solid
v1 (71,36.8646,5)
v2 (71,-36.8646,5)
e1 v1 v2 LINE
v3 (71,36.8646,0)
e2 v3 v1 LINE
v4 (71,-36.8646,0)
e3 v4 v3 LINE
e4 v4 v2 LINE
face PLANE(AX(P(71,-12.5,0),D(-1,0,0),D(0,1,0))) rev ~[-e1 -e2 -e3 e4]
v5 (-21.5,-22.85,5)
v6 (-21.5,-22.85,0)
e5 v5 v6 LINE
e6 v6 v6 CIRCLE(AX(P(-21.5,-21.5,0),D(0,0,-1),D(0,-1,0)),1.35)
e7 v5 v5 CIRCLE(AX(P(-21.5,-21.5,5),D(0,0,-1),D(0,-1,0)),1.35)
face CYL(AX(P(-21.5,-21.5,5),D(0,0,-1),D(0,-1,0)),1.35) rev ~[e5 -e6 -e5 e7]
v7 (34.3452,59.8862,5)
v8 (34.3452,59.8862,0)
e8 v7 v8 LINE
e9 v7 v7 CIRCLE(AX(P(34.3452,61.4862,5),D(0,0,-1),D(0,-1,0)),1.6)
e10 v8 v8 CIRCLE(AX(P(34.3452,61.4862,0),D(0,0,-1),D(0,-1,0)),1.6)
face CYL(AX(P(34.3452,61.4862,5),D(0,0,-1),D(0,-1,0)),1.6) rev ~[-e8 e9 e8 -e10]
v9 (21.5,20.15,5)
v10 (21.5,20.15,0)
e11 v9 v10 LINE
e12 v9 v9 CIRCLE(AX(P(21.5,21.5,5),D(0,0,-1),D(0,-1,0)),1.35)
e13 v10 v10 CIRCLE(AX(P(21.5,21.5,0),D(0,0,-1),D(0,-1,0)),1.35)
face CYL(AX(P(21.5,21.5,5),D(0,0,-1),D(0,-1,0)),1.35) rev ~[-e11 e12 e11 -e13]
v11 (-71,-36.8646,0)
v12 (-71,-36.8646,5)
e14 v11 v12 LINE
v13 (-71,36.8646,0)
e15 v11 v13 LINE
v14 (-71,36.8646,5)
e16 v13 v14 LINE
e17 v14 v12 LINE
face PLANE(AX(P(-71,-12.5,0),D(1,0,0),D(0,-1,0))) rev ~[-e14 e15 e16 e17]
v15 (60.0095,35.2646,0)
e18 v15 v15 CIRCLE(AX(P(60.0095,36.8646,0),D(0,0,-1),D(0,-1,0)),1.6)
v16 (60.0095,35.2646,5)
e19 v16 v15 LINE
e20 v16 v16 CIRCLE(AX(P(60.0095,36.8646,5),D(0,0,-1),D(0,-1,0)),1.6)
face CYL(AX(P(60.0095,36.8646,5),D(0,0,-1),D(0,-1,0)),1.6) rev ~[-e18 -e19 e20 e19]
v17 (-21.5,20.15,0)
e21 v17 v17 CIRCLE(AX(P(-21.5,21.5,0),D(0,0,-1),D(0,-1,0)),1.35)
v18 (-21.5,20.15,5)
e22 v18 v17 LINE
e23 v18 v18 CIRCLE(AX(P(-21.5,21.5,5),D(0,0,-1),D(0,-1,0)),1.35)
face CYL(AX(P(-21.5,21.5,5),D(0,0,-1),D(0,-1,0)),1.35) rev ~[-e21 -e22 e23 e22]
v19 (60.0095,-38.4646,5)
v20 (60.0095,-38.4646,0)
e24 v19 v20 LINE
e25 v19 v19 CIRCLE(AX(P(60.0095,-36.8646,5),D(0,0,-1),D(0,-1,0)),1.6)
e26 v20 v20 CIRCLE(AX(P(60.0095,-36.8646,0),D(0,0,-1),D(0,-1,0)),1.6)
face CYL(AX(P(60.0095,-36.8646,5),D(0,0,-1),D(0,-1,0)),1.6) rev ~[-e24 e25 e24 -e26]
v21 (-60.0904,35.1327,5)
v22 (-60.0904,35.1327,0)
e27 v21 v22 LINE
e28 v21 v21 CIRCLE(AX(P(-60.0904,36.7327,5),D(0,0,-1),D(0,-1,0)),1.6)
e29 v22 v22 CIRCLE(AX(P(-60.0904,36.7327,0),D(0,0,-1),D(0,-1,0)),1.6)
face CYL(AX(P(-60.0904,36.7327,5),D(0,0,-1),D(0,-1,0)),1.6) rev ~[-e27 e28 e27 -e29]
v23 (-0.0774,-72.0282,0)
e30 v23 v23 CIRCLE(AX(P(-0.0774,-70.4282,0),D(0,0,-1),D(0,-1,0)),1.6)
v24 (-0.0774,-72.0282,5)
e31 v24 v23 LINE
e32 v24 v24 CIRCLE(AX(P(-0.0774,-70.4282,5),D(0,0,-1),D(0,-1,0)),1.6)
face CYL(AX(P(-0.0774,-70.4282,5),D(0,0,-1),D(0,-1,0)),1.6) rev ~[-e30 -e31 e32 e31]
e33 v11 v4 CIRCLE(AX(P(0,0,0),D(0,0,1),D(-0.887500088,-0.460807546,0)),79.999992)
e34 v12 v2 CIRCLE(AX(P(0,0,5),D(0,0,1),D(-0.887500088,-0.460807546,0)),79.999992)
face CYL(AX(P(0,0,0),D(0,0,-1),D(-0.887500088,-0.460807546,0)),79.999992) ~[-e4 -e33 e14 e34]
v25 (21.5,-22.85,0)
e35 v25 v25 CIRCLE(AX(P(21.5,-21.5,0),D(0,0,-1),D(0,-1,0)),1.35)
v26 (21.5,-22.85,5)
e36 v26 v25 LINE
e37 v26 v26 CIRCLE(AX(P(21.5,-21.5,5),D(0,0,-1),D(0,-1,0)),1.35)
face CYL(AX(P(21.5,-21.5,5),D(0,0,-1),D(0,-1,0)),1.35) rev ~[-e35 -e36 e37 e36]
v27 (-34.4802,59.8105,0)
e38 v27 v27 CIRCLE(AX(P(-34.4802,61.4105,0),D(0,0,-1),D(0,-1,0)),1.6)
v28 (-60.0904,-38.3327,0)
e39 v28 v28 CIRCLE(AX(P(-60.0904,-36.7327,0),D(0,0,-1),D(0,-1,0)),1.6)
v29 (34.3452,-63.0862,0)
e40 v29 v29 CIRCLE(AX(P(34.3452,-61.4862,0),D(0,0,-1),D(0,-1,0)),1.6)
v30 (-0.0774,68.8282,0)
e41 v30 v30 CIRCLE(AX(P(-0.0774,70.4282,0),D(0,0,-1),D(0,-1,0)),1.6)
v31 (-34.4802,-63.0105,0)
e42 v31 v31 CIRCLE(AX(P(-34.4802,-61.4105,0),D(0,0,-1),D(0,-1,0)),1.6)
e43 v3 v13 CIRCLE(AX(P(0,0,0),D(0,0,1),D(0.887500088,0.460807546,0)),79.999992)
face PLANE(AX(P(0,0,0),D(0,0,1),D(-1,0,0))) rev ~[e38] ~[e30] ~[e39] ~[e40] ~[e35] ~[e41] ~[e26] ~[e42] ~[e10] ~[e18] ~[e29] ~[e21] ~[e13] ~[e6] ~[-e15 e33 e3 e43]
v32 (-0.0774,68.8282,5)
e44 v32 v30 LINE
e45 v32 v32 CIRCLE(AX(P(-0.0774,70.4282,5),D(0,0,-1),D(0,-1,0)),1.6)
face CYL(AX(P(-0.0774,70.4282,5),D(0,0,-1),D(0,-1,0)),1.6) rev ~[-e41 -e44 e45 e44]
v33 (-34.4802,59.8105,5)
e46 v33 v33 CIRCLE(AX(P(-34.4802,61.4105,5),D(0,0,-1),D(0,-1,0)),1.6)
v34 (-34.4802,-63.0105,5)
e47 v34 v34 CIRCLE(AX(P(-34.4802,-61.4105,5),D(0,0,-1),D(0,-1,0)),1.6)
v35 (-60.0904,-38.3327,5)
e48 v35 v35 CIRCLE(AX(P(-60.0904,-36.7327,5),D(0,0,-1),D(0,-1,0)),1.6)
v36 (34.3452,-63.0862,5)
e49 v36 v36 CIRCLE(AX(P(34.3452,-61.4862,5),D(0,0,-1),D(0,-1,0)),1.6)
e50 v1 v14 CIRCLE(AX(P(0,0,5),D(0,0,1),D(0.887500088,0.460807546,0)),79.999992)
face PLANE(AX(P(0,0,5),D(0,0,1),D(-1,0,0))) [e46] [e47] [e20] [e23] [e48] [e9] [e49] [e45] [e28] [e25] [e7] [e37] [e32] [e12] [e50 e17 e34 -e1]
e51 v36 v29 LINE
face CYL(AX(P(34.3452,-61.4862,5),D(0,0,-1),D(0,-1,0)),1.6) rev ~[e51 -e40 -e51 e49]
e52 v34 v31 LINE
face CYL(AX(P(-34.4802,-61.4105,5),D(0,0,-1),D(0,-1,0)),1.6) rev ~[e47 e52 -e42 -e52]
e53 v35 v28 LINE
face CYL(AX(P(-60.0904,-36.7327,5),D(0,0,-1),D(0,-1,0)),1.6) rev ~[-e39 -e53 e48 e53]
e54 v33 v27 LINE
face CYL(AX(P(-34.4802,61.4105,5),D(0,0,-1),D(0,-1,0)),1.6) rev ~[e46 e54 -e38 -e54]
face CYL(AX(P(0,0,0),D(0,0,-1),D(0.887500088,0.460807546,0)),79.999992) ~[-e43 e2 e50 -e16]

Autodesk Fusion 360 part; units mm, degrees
sketch "Sketch1" plane through (0, 0, 0) normal (0, 0, 1) x (-1, 0, 0)
  line L0 (-80, 0) -> (80, 0) construction
  line L1 (-71, -12.5) -> (-10, -12.5)
  line L2 (-10, -12.5) -> (-10, 12.5)
  line L3 (-10, 12.5) -> (-71, 12.5)
  line L4 (-71, 12.5) -> (-71, -12.5)
  line L5 (-71, -36.8646) -> (-71, 36.8646)
  line L6 (0, -80) -> (0, 80) construction
  line L7 (10, -12.5) -> (10, 12.5)
  line L8 (10, 12.5) -> (71, 12.5)
  line L9 (71, -12.5) -> (10, -12.5)
  line L10 (71, 12.5) -> (71, -12.5)
  line L11 (71, -36.8646) -> (71, 36.8646)
  arc A0 (71, 36.8646) -> (-71, 36.8646) centre (0, 0) ccw
  arc A1 (-71, -36.8646) -> (71, -36.8646) centre (0, 0) ccw
  dimension "d6" = 160
  dimension "d7" = 61
  dimension "d8" = 25
  dimension "d9" = 10
  dimension "d10" = 71
extrude "Extrude3" add sketch "Sketch1" along normal blind 5
sketch "Sketch3" plane through (0, 0, 5) normal (0, 0, 1) x (-1, 0, 0)
  line L0 (-71, 36.8646) -> (-71, 12.5)
  line L1 (-71, 12.5) -> (-10, 12.5)
  line L2 (-10, 12.5) -> (-10, -12.5)
  line L3 (-10, -12.5) -> (-71, -12.5)
  line L4 (-71, -12.5) -> (-71, -36.8646)
  arc A0 (-71, -36.8646) -> (71, -36.8646) centre (0, 0) ccw
  line L5 (71, -36.8646) -> (71, -12.5)
  line L6 (71, -12.5) -> (10, -12.5)
  line L7 (10, -12.5) -> (10, 12.5)
  line L8 (10, 12.5) -> (71, 12.5)
  line L9 (71, 12.5) -> (71, 36.8646)
  arc A1 (71, 36.8646) -> (-71, 36.8646) centre (0, 0) ccw
  line L10 (-70, 0) -> (70, 0) construction
  line L11 (0, 80) -> (0, -80) construction
  line L12 (21.5, -21.5) -> (-21.5, -21.5)
  line L13 (-21.5, -21.5) -> (-21.5, 21.5)
  line L14 (-21.5, 21.5) -> (21.5, 21.5)
  line L15 (21.5, 21.5) -> (21.5, -21.5)
  point P0 (-60.0095, 36.8646)
  point P1 (-34.3452, 61.4862)
  point P2 (0.0774, 70.4282)
  point P3 (34.4802, 61.4105)
  point P4 (60.0904, 36.7327)
  point P5 (-60.0095, -36.8646)
  point P6 (-34.3452, -61.4862)
  point P7 (0.0774, -70.4282)
  point P8 (34.4802, -61.4105)
  point P9 (60.0904, -36.7327)
  point P10 (21.5, -21.5)
  point P11 (-21.5, -21.5)
  point P12 (21.5, 21.5)
  point P13 (-21.5, 21.5)
  dimension "d20" = -117
  dimension "d25" = 43
  dimension "d26" = 43
hole "Hole2" at (-60.0904, 36.7327, 5) at (-34.4802, 61.4105, 5) at (-0.0774, 70.4282, 5) at (34.3452, 61.4862, 5) at (60.0095, 36.8646, 5) at (-60.0904, -36.7327, 5) at (-34.4802, -61.4105, 5) at (-0.0774, -70.4282, 5) at (34.3452, -61.4862, 5) at (60.0095, -36.8646, 5) direction (0, 0, -1) diameter 3.2 end through all
hole "Hole3" at (-21.5, 21.5, 5) at (21.5, 21.5, 5) at (-21.5, -21.5, 5) at (21.5, -21.5, 5) direction (0, 0, -1) diameter 2.7 end through all
equation "chasis_diameter = 160 mm"
equation "main_layer_thickness = 30 mm"
equation "motor_L = 21 mm"
equation "total_motor_body_length = 61 mm"
equation "standoff_height = 50 mm"
equation "d6 = chasis_diameter"
